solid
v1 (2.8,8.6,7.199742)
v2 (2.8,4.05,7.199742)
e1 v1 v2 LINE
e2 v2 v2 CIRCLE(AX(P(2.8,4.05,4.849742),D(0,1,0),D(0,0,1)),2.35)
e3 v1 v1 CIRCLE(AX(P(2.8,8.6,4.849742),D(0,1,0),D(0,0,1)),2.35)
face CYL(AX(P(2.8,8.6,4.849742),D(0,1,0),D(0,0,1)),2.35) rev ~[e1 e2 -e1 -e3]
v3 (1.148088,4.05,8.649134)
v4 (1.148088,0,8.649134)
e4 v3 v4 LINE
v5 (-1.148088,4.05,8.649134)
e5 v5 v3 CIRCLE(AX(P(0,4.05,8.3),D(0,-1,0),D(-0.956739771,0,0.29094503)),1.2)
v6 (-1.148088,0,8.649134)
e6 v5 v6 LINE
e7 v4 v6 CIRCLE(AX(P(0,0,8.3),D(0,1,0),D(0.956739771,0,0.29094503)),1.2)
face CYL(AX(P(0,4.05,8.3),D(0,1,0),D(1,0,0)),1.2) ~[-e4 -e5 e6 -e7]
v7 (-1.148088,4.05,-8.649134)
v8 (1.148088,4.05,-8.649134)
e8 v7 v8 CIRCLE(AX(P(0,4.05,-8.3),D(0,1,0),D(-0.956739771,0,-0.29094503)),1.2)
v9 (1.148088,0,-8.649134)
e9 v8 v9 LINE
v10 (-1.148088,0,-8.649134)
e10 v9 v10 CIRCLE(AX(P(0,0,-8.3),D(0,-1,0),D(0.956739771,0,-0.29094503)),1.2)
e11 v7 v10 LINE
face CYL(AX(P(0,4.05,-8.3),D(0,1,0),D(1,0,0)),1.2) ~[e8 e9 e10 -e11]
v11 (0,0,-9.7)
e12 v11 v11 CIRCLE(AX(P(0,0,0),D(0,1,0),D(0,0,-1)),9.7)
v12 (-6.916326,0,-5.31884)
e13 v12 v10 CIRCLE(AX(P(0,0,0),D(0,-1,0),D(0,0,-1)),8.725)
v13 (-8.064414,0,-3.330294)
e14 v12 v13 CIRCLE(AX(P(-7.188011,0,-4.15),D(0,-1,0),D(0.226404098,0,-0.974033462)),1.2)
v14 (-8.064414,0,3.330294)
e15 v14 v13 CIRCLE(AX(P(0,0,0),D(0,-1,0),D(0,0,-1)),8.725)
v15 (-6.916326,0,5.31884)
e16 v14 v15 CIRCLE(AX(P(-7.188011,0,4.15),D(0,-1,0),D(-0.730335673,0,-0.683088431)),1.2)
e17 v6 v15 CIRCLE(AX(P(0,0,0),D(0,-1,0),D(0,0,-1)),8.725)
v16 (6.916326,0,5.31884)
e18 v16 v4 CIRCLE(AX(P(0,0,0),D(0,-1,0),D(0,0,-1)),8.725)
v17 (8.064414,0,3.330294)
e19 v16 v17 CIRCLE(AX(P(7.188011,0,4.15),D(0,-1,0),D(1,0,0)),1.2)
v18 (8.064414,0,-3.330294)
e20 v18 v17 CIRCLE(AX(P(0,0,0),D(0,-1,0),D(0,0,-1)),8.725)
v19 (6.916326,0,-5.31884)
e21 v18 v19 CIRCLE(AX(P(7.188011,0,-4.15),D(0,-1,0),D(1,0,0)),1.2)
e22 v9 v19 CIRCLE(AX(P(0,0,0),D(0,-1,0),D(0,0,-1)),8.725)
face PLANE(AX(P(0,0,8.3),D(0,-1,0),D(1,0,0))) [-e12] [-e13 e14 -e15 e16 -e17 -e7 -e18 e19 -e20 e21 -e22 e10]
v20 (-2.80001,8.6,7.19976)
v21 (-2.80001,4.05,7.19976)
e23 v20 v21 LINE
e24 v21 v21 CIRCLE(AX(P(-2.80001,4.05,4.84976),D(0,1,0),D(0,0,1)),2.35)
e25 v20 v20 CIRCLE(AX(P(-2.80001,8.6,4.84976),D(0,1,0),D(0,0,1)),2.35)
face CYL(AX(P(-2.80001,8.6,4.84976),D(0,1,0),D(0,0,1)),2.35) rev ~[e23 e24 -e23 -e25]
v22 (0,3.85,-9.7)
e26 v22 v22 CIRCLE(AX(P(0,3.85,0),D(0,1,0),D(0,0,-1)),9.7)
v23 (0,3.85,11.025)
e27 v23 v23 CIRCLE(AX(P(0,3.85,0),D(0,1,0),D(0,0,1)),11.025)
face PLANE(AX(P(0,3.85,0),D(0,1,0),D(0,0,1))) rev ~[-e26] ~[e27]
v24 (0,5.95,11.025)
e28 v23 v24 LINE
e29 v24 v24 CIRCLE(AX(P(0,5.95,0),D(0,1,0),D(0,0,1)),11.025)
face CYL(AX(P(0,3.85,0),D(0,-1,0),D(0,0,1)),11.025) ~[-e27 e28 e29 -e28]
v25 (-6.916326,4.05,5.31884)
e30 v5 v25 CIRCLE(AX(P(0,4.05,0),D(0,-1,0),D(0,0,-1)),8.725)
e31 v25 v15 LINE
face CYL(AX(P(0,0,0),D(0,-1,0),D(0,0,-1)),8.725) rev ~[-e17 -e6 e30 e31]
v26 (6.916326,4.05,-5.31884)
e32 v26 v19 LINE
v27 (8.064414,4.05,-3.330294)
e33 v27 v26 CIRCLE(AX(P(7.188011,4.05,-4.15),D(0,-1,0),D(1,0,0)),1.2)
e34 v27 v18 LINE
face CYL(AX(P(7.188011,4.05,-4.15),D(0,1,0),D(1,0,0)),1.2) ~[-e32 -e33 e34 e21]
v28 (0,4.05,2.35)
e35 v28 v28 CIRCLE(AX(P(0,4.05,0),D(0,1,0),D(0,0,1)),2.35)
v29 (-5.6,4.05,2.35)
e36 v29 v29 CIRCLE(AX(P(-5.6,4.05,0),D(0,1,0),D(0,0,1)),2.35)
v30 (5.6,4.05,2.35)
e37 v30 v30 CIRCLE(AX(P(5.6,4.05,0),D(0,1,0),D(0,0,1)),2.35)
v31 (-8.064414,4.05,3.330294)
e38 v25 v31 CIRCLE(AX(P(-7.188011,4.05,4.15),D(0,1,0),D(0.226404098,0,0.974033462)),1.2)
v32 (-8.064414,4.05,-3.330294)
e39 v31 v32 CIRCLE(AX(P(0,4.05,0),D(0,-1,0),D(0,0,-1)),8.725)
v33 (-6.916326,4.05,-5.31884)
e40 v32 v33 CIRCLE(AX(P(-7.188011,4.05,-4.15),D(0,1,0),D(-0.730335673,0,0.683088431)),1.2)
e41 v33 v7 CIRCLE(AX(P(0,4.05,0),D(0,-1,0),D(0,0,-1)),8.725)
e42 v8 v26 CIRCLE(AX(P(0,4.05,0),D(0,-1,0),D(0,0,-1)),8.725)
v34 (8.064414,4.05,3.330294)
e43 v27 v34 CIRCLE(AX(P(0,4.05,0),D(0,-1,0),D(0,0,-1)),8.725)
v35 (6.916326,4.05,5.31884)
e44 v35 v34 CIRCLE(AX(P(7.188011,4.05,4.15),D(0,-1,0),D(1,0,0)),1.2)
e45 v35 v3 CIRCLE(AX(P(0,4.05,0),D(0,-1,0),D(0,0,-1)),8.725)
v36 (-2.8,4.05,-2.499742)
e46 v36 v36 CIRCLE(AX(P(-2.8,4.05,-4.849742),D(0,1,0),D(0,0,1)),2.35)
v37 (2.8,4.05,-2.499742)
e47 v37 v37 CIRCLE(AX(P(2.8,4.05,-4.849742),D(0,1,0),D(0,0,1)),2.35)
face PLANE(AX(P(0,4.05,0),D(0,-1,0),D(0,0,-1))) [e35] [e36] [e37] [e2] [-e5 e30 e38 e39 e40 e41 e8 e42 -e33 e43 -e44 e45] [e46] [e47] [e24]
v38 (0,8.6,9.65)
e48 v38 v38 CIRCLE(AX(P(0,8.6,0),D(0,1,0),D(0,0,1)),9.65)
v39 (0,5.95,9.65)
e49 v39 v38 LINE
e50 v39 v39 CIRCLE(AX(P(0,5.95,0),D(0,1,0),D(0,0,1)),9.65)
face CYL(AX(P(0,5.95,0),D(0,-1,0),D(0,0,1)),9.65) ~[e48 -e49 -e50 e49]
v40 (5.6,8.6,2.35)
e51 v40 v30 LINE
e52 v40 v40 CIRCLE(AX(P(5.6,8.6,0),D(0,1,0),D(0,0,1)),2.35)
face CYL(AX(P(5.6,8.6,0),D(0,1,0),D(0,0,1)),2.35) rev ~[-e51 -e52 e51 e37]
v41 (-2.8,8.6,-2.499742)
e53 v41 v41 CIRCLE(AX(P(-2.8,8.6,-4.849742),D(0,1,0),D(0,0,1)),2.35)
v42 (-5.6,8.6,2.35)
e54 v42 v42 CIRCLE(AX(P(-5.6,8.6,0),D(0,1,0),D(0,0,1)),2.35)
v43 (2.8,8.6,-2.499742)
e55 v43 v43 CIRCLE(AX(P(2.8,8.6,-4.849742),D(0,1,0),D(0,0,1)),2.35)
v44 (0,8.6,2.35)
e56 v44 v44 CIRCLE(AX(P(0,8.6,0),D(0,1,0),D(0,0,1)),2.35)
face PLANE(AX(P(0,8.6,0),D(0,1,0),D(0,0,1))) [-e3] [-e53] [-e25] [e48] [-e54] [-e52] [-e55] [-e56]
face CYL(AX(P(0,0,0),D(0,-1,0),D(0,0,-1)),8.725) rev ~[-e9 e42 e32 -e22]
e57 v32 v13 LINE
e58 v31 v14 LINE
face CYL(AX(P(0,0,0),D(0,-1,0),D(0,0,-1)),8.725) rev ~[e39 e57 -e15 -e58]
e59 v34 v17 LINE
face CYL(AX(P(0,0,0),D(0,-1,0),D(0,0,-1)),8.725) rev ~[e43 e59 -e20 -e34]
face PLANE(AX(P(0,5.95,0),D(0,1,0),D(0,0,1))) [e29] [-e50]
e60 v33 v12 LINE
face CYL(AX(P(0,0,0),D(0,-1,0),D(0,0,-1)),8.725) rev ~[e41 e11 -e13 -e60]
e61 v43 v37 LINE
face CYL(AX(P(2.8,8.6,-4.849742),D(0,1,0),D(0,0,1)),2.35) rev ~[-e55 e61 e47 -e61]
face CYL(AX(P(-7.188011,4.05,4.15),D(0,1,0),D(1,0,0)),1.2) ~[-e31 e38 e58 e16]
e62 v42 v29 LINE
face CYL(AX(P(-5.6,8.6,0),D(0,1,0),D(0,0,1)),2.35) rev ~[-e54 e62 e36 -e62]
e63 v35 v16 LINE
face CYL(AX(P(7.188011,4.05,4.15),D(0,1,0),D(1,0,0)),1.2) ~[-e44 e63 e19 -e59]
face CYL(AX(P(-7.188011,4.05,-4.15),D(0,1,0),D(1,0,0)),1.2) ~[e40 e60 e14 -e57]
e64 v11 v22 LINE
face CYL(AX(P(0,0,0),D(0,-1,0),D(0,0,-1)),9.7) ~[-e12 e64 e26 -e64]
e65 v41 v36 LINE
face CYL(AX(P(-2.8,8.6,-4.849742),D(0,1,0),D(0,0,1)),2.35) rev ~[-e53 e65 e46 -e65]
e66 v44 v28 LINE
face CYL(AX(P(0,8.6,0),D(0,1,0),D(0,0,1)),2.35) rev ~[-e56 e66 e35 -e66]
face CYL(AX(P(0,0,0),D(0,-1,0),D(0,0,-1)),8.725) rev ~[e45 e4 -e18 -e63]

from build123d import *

# Parameters (mm, degrees)
CROQUIS4_R              = 9.7
SALIENTE_EXTRUIR2_DEPTH = 3.85
CROQUIS5_R              = 11.025
SALIENTE_EXTRUIR3_DEPTH = 2.1
CROQUIS6_R              = 9.65
SALIENTE_EXTRUIR4_DEPTH = 2.65
CROQUIS8_R              = 8.725
CORTAR_EXTRUIR2_DEPTH   = 4.05
CROQUIS9_R              = 2.35
CORTAR_EXTRUIR3_DEPTH   = 4.55
CROQUIS10_R             = 1.2
SALIENTE_EXTRUIR5_DEPTH = 4.05


with BuildPart() as part:
    # Croquis4 → Saliente-Extruir2 (new body)
    with BuildSketch(Plane(origin=(0, 0, 0), x_dir=(1, 0, 0), z_dir=(0, 1, 0))):
        with Locations(Location((0, 0, 0), (0, 0, 90))):
            Circle(CROQUIS4_R)
    extrude(amount=SALIENTE_EXTRUIR2_DEPTH)

    # Croquis5 → Saliente-Extruir3 (add)
    with BuildSketch(Plane(origin=(0, 3.85, 0), x_dir=(1, 0, 0), z_dir=(0, 1, 0))):
        with Locations(Location((0, 0, 0), (0, 0, 270))):
            Circle(CROQUIS5_R)
    extrude(amount=SALIENTE_EXTRUIR3_DEPTH)

    # Croquis6 → Saliente-Extruir4 (add)
    with BuildSketch(Plane(origin=(0, 5.95, 0), x_dir=(1, 0, 0), z_dir=(0, 1, 0))):
        with Locations(Location((0, 0, 0), (0, 0, 270))):
            Circle(CROQUIS6_R)
    extrude(amount=SALIENTE_EXTRUIR4_DEPTH)

    # Croquis8 → Cortar-Extruir2 (cut)
    with BuildSketch(Plane.XZ):
        with Locations(Location((0, 0, 0), (0, 0, 270))):
            Circle(CROQUIS8_R)
    extrude(amount=-CORTAR_EXTRUIR2_DEPTH, mode=Mode.SUBTRACT)

    # Croquis9 → Cortar-Extruir3 (cut)
    with BuildSketch(Plane(origin=(0, 8.6, 0), x_dir=(1, 0, 0), z_dir=(0, 1, 0))):
        with Locations(Location((-2.8, 4.849742261, 0), (0, 0, 270))):
            Circle(CROQUIS9_R)
        with Locations(Location((5.6, 0, 0), (0, 0, 270))):
            Circle(CROQUIS9_R)
        with Locations(Location((0, 0, 0), (0, 0, 270))):
            Circle(CROQUIS9_R)
        with Locations(Location((2.8, 4.849742261, 0), (0, 0, 270))):
            Circle(CROQUIS9_R)
        with Locations(Location((2.8, -4.849742261, 0), (0, 0, 270))):
            Circle(CROQUIS9_R)
        with Locations(Location((-2.800010296, -4.849760094, 0), (0, 0, 270))):
            Circle(CROQUIS9_R)
        with Locations(Location((-5.6, 0, 0), (0, 0, 270))):
            Circle(CROQUIS9_R)
    extrude(amount=-CORTAR_EXTRUIR3_DEPTH, mode=Mode.SUBTRACT)

    # Croquis10 → Saliente-Extruir5 (add)
    with BuildSketch(Plane.XZ.offset(-4.05)):
        with Locations((0, 8.3)):
            Circle(CROQUIS10_R)
        with Locations((-7.188010851, 4.15)):
            Circle(CROQUIS10_R)
        with Locations((-7.188010851, -4.15)):
            Circle(CROQUIS10_R)
        with Locations((0, -8.3)):
            Circle(CROQUIS10_R)
        with Locations((7.188010851, -4.15)):
            Circle(CROQUIS10_R)
        with Locations((7.188010851, 4.15)):
            Circle(CROQUIS10_R)
    extrude(amount=SALIENTE_EXTRUIR5_DEPTH)


solid = part.part
